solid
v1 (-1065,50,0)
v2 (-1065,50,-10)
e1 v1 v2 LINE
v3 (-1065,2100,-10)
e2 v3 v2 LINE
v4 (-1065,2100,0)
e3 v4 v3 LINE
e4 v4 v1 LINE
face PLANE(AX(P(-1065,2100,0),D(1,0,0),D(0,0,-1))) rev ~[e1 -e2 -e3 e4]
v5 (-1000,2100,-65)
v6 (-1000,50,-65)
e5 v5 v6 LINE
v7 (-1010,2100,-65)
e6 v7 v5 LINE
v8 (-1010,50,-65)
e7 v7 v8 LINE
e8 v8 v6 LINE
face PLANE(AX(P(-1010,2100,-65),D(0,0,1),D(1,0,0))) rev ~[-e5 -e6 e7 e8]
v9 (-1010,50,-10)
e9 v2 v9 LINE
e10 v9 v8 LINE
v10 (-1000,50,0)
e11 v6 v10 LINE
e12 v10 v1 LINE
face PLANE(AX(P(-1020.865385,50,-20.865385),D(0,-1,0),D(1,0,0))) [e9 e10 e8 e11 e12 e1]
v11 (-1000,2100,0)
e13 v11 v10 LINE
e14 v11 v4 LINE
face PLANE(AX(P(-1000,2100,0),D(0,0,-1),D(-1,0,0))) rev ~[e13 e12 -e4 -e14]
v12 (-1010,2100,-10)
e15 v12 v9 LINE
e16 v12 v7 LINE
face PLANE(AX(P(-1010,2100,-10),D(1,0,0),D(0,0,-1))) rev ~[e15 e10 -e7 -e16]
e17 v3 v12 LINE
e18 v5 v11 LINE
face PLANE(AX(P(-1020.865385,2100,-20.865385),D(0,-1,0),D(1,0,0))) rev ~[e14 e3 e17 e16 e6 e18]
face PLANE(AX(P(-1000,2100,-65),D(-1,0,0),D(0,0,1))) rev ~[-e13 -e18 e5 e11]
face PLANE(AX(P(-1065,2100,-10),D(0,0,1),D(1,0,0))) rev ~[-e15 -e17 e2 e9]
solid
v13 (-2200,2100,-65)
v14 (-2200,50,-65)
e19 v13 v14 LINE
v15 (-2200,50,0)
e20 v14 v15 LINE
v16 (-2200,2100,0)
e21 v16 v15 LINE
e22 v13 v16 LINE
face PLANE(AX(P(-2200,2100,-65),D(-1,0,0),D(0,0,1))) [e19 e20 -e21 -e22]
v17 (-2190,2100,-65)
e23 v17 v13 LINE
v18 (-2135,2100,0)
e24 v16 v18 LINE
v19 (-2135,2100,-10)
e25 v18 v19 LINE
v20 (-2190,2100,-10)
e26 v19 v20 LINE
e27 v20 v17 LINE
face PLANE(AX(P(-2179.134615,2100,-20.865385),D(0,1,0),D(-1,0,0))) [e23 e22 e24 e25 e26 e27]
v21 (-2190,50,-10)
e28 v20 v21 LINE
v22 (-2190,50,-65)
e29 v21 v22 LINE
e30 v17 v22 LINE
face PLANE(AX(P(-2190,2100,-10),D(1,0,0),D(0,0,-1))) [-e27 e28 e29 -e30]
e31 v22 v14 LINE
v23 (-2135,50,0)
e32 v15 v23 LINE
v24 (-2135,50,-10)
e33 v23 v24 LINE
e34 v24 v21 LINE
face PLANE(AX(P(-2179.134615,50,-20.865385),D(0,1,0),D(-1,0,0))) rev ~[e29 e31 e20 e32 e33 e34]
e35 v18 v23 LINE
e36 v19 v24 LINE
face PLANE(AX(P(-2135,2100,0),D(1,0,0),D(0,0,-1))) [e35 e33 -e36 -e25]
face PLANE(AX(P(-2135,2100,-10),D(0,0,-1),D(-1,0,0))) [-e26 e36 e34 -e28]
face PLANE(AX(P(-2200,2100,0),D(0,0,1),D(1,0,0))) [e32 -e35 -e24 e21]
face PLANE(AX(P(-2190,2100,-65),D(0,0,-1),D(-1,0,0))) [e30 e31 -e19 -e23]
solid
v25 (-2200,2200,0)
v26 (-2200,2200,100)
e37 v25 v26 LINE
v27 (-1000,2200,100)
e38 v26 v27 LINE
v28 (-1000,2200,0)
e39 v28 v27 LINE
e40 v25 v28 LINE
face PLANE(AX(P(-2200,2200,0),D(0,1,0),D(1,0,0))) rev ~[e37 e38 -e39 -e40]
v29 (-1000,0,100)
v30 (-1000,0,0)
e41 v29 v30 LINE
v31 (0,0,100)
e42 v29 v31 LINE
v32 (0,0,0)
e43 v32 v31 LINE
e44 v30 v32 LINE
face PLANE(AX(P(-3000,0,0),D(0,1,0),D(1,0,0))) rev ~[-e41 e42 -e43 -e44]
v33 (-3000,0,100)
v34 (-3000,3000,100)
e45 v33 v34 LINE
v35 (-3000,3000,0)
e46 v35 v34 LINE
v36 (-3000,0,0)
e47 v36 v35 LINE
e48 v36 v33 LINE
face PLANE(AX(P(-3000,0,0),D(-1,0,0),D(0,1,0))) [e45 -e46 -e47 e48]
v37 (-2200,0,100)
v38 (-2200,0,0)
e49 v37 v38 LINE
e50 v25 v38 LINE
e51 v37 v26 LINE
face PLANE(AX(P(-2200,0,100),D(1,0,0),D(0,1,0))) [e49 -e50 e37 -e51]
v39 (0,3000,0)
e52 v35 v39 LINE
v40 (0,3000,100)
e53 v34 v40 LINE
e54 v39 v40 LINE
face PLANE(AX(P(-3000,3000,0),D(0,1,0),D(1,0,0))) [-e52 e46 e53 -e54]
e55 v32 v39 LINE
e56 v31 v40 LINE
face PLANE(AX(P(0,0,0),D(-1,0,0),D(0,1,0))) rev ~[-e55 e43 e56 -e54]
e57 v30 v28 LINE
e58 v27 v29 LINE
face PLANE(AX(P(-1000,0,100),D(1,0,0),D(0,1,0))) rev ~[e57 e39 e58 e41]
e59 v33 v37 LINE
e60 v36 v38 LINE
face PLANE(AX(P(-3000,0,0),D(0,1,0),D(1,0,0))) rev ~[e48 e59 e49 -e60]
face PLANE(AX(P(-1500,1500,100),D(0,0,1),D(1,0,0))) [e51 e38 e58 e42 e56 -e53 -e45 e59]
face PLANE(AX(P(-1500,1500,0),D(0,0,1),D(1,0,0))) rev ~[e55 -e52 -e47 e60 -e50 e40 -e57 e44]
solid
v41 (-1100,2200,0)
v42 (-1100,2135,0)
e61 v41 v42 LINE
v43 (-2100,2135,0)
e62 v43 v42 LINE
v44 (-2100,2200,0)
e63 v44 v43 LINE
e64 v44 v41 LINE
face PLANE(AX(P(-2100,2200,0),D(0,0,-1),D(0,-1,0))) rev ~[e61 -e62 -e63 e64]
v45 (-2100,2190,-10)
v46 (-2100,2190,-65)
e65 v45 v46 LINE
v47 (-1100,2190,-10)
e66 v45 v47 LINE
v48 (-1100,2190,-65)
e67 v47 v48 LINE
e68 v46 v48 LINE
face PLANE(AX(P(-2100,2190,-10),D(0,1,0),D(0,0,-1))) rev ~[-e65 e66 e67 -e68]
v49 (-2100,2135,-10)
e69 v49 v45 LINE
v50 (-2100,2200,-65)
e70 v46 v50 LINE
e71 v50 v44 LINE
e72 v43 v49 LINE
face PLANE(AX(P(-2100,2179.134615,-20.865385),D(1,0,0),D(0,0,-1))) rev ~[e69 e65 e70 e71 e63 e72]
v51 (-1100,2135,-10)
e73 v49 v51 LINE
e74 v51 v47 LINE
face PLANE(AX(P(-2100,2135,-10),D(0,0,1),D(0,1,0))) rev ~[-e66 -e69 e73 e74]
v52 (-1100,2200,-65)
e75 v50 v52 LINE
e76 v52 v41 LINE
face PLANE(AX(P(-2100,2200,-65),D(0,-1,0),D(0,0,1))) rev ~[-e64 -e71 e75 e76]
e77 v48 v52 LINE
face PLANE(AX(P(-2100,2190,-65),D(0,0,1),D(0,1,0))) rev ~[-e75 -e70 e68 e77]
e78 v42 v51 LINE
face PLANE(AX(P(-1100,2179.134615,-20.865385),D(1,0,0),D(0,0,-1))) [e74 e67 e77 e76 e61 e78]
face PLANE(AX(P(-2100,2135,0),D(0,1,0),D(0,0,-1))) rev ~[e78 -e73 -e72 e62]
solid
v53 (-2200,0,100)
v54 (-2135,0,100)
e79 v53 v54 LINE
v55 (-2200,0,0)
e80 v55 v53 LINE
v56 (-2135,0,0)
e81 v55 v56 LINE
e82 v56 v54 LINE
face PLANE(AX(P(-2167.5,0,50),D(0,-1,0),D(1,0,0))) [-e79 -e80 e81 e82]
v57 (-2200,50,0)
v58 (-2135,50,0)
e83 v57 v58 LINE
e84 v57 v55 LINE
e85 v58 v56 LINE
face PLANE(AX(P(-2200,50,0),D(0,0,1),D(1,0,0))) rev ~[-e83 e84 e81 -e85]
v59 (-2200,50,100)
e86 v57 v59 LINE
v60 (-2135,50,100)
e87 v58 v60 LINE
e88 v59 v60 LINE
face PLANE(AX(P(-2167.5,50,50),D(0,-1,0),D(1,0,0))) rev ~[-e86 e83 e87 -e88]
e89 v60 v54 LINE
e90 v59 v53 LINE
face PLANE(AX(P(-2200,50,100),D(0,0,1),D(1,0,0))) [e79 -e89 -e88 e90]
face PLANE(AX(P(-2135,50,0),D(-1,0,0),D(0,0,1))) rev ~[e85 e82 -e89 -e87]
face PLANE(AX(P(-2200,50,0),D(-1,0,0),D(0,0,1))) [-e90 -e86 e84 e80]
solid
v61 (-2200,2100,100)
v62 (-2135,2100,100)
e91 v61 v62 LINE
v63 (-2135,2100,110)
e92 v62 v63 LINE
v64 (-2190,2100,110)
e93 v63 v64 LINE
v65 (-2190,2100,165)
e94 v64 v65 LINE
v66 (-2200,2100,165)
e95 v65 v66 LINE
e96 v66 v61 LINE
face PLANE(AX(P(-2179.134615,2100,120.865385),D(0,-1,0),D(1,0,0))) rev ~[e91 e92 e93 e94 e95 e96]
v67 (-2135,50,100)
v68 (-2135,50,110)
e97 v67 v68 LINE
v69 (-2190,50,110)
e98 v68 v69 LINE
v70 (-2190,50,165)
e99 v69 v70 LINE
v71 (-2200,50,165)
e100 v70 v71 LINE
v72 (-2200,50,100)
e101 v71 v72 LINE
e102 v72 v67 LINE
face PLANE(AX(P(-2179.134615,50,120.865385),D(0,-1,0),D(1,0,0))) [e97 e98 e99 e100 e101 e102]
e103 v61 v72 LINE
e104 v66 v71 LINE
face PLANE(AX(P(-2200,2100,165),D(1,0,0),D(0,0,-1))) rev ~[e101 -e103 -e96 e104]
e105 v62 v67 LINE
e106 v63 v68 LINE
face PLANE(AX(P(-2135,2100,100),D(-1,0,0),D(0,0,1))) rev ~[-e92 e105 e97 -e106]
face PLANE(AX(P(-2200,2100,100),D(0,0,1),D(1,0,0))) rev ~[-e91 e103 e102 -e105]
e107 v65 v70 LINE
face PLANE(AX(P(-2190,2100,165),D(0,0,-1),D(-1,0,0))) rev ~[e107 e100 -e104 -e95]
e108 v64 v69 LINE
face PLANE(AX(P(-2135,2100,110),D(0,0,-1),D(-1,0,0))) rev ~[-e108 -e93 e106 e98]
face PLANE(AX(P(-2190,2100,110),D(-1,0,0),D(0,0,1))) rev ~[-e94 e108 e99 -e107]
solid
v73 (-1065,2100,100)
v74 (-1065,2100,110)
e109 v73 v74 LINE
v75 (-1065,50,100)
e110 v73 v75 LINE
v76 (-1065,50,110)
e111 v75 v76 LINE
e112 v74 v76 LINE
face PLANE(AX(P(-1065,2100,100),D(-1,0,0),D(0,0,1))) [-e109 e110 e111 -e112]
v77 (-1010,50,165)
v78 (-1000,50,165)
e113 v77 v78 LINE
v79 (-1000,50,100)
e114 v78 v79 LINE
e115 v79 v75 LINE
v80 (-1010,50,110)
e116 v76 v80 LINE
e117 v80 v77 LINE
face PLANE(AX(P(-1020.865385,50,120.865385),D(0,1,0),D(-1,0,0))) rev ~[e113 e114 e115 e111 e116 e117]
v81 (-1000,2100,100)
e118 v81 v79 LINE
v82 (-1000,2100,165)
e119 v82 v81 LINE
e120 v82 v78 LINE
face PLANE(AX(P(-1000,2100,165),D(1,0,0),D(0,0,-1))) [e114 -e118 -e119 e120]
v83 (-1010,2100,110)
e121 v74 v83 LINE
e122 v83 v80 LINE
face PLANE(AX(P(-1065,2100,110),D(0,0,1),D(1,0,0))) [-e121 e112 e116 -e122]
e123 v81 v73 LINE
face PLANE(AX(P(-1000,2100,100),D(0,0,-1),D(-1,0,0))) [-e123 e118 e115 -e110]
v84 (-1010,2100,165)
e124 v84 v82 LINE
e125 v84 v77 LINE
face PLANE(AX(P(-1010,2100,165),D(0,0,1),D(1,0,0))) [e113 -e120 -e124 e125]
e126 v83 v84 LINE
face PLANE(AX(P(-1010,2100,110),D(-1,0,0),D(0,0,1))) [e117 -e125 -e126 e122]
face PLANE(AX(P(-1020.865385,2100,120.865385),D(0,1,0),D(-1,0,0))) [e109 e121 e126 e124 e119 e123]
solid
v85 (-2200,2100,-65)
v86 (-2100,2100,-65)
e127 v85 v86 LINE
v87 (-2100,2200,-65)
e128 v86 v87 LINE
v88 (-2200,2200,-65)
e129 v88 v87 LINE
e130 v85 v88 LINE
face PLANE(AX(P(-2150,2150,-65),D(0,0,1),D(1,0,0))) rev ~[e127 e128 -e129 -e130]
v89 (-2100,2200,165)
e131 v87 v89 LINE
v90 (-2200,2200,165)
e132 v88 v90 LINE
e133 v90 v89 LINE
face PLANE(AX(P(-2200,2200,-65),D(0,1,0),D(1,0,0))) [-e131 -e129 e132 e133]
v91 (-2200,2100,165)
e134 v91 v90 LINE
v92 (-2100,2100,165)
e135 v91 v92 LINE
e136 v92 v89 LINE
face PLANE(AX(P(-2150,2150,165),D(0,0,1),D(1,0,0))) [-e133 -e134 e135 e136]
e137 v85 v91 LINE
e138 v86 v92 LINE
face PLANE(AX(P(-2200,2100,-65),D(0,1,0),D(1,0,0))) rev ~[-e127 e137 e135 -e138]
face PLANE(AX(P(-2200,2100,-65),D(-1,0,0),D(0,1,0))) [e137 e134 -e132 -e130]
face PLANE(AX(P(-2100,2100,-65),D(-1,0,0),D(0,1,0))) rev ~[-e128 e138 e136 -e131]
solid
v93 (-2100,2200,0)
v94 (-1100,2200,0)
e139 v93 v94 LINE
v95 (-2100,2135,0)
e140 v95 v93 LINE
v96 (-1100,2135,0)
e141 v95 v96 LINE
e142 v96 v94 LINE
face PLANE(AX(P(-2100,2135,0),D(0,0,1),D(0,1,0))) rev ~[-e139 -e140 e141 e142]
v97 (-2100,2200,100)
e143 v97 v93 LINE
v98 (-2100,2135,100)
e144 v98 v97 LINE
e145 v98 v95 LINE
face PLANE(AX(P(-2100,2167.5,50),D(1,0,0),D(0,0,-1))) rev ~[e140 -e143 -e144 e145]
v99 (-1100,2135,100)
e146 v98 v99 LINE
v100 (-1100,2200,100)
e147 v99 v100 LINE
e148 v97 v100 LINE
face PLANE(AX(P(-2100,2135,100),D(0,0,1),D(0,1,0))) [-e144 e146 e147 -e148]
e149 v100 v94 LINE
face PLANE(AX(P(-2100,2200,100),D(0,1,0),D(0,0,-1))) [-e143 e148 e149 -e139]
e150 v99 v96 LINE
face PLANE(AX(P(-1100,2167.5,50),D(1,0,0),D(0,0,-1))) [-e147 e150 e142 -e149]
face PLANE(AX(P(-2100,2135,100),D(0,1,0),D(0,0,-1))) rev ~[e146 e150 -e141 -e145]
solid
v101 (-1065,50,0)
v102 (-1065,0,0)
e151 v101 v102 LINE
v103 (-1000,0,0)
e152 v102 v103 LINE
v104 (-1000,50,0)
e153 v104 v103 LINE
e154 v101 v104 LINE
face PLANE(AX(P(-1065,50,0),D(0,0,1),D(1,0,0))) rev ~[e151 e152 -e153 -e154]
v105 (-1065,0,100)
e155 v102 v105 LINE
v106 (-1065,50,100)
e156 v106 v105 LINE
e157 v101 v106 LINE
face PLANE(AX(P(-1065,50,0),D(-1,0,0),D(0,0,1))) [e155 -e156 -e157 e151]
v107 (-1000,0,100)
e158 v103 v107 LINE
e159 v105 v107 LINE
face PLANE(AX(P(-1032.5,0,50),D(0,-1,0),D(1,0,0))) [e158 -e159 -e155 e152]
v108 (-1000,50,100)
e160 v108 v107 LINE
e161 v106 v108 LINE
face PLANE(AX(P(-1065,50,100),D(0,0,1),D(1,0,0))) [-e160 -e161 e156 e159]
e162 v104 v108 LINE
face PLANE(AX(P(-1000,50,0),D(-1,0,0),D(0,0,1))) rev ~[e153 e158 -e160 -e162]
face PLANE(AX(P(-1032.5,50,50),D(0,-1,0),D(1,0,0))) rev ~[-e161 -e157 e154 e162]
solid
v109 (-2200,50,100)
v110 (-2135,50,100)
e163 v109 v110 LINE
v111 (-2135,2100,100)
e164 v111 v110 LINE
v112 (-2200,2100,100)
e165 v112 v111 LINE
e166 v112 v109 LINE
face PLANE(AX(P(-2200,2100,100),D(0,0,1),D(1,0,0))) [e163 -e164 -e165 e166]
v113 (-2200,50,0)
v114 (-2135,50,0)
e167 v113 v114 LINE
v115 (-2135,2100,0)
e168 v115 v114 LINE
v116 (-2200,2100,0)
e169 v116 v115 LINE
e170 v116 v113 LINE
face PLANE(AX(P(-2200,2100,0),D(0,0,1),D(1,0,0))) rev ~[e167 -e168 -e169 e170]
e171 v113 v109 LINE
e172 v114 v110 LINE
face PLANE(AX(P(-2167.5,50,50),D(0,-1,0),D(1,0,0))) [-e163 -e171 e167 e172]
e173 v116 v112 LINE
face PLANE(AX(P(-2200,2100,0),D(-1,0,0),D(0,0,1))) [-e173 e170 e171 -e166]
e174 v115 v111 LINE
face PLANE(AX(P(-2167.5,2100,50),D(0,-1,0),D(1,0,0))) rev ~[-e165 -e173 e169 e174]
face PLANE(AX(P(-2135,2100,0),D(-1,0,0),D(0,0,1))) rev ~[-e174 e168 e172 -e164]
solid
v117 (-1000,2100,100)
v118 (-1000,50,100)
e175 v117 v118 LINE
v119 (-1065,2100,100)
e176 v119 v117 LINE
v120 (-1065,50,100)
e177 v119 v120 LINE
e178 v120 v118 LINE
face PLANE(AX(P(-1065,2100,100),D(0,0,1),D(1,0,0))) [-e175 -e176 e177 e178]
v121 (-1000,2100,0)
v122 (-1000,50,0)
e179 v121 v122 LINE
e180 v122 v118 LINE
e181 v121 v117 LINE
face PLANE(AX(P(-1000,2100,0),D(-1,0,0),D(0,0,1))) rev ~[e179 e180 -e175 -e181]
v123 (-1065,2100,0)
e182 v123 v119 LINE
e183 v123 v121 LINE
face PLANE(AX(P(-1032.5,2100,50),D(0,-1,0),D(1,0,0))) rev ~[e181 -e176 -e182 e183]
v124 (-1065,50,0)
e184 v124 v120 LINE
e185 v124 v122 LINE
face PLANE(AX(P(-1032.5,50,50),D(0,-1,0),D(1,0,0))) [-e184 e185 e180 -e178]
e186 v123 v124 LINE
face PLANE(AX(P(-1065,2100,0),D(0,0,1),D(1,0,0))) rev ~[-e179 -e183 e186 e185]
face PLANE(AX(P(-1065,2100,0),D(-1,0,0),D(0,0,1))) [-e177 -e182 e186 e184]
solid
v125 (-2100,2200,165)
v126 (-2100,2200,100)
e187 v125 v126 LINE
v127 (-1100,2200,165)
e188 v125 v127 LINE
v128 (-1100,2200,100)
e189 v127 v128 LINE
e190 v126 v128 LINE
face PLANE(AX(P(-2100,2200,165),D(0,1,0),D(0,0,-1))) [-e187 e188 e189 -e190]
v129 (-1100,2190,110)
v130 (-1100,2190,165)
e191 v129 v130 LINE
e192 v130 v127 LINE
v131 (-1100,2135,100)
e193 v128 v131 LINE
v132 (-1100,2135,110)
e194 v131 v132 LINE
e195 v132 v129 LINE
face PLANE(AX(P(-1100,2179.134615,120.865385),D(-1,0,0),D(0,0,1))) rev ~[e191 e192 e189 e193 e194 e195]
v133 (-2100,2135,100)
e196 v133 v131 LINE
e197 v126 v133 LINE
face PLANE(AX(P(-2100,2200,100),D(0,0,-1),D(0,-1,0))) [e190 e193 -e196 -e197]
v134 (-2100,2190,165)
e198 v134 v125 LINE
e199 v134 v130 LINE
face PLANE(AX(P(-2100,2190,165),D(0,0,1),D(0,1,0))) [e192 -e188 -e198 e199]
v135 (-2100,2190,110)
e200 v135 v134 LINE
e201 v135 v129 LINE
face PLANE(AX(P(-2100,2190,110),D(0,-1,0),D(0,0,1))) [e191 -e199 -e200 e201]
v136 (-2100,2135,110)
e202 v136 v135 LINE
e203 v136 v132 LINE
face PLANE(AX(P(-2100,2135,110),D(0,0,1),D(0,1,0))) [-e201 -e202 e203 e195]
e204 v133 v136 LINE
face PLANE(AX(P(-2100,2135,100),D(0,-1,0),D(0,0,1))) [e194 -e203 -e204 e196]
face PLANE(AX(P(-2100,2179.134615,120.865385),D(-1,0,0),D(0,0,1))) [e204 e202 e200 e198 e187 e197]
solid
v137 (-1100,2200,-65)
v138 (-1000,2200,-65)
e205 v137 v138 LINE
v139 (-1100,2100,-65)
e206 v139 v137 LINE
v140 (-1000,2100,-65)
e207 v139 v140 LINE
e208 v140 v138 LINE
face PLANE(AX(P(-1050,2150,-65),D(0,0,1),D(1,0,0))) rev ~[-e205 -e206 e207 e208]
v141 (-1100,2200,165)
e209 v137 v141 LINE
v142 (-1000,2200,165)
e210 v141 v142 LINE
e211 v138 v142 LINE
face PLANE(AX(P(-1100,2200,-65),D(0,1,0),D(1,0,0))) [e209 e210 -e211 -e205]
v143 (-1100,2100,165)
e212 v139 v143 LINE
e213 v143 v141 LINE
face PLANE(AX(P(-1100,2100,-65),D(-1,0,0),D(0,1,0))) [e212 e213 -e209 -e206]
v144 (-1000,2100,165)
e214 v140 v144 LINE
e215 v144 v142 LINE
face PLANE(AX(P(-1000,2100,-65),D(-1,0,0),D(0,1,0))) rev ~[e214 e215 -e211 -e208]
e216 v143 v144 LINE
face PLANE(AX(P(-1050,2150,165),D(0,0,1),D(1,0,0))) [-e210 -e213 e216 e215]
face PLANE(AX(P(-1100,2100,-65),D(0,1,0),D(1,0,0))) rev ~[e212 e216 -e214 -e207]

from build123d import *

# Parameters (mm, degrees)
SKETCH1_W                   = 3000
SKETCH1_H                   = 3000
SKETCH1_W_2                 = 1200
SKETCH1_H_2                 = 900
BOSS_EXTRUDE1_DEPTH         = 100
BOSS_EXTRUDE19_DEPTH        = 65
BOSS_EXTRUDE19_DEPTH_BACK   = 165
SKETCH19_W                  = 100
SKETCH19_H                  = 100
BOSS_EXTRUDE19_2_DEPTH      = 65
BOSS_EXTRUDE19_2_DEPTH_BACK = 165
BOSS_EXTRUDE22_DEPTH        = 2050
BOSS_EXTRUDE22_2_DEPTH      = 2050
BOSS_EXTRUDE22_3_DEPTH      = 2050
BOSS_EXTRUDE22_4_DEPTH      = 2050
BOSS_EXTRUDE24_DEPTH        = 1000
BOSS_EXTRUDE24_2_DEPTH      = 1000
SKETCH23_W                  = 65
SKETCH23_H                  = 100
BOSS_EXTRUDE25_DEPTH        = 2050
BOSS_EXTRUDE25_2_DEPTH      = 2050
SKETCH24_W                  = 1200
SKETCH24_H                  = 1300
CUT_EXTRUDE1_DEPTH          = 4246.847971843
SKETCH25_W                  = 65
SKETCH25_H                  = 100
BOSS_EXTRUDE26_DEPTH        = 50
BOSS_EXTRUDE26_2_DEPTH      = 50
SKETCH26_W                  = 100
SKETCH26_H                  = 65
BOSS_EXTRUDE27_DEPTH        = 1000


with BuildPart() as part:
    # Sketch1 → Boss-Extrude1 (new body)
    with BuildSketch(Plane.XY):
        with Locations((-1500, 1500)):
            Rectangle(SKETCH1_W, SKETCH1_H)
        with Locations((-1600, 1750)):
            Rectangle(SKETCH1_W_2, SKETCH1_H_2, mode=Mode.SUBTRACT)
    extrude(amount=BOSS_EXTRUDE1_DEPTH)

    # Sketch24 → Cut-Extrude1 (cut, through all)
    with BuildSketch(Plane.XY.offset(100)):
        with Locations((-1600, 650)):
            Rectangle(SKETCH24_W, SKETCH24_H)
    extrude(amount=-CUT_EXTRUDE1_DEPTH, mode=Mode.SUBTRACT)


with BuildPart() as body_2:
    # Sketch19 → Boss-Extrude19 (new, two sides: drawn at the far end of the back side and taken through both)
    with BuildSketch(Plane.XY.offset(100).offset(-BOSS_EXTRUDE19_DEPTH_BACK)):
        with Locations((-2150, 2150)):
            Rectangle(SKETCH19_W, SKETCH19_H)
    extrude(amount=BOSS_EXTRUDE19_DEPTH + BOSS_EXTRUDE19_DEPTH_BACK)


with BuildPart() as body_3:
    # Sketch19 → Boss-Extrude19 2 (new, two sides: drawn at the far end of the back side and taken through both)
    with BuildSketch(Plane.XY.offset(100).offset(-BOSS_EXTRUDE19_2_DEPTH_BACK)):
        with Locations((-1050, 2150)):
            Rectangle(SKETCH19_W, SKETCH19_H)
    extrude(amount=BOSS_EXTRUDE19_2_DEPTH + BOSS_EXTRUDE19_2_DEPTH_BACK)


with BuildPart() as body_4:
    # Sketch22 → Boss-Extrude22 (new body)
    with BuildSketch(Plane.XZ.offset(-2100)):
        Polygon((-1000, 100), (-1065, 100), (-1065, 110), (-1010, 110), (-1010, 165), (-1000, 165), align=None)
    extrude(amount=BOSS_EXTRUDE22_DEPTH)


with BuildPart() as body_5:
    # Sketch22 → Boss-Extrude22 2 (new body)
    with BuildSketch(Plane.XZ.offset(-2100)):
        Polygon((-2200, 165), (-2200, 100), (-2135, 100), (-2135, 110), (-2190, 110), (-2190, 165), align=None)
    extrude(amount=BOSS_EXTRUDE22_2_DEPTH)


with BuildPart() as body_6:
    # Sketch22 → Boss-Extrude22 3 (new body)
    with BuildSketch(Plane.XZ.offset(-2100)):
        Polygon((-2200, 0), (-2135, 0), (-2135, -10), (-2190, -10), (-2190, -65), (-2200, -65), align=None)
    extrude(amount=BOSS_EXTRUDE22_3_DEPTH)


with BuildPart() as body_7:
    # Sketch22 → Boss-Extrude22 4 (new body)
    with BuildSketch(Plane.XZ.offset(-2100)):
        Polygon((-1000, -65), (-1000, 0), (-1065, 0), (-1065, -10), (-1010, -10), (-1010, -65), align=None)
    extrude(amount=BOSS_EXTRUDE22_4_DEPTH)


with BuildPart() as body_8:
    # Sketch21 → Boss-Extrude24 (new body)
    with BuildSketch(Plane(origin=(-2100, 0, 0), x_dir=(0, 0, -1), z_dir=(1, 0, 0))):
        Polygon((65, 2200), (0, 2200), (0, 2135), (10, 2135), (10, 2190), (65, 2190), align=None)
    extrude(amount=BOSS_EXTRUDE24_DEPTH)


with BuildPart() as body_9:
    # Sketch21 → Boss-Extrude24 2 (new body)
    with BuildSketch(Plane(origin=(-2100, 0, 0), x_dir=(0, 0, -1), z_dir=(1, 0, 0))):
        Polygon((-165, 2200), (-100, 2200), (-100, 2135), (-110, 2135), (-110, 2190), (-165, 2190), align=None)
    extrude(amount=BOSS_EXTRUDE24_2_DEPTH)


with BuildPart() as body_10:
    # Sketch23 → Boss-Extrude25 (new body)
    with BuildSketch(Plane(origin=(0, 2100, 300), x_dir=(1, 0, 0), z_dir=(0, -1, 0))):
        with Locations((-1032.5, -250)):
            Rectangle(SKETCH23_W, SKETCH23_H)
    extrude(amount=BOSS_EXTRUDE25_DEPTH)


with BuildPart() as body_11:
    # Sketch23 → Boss-Extrude25 2 (new body)
    with BuildSketch(Plane(origin=(0, 2100, 300), x_dir=(1, 0, 0), z_dir=(0, -1, 0))):
        with Locations((-2167.5, -250)):
            Rectangle(SKETCH23_W, SKETCH23_H)
    extrude(amount=BOSS_EXTRUDE25_2_DEPTH)


with BuildPart() as body_12:
    # Sketch25 → Boss-Extrude26 (new body)
    with BuildSketch(Plane.XZ.offset(-50)):
        with Locations((-1032.5, 50)):
            Rectangle(SKETCH25_W, SKETCH25_H)
    extrude(amount=BOSS_EXTRUDE26_DEPTH)


with BuildPart() as body_13:
    # Sketch25 → Boss-Extrude26 2 (new body)
    with BuildSketch(Plane.XZ.offset(-50)):
        with Locations((-2167.5, 50)):
            Rectangle(SKETCH25_W, SKETCH25_H)
    extrude(amount=BOSS_EXTRUDE26_2_DEPTH)


with BuildPart() as body_14:
    # Sketch26 → Boss-Extrude27 (new body)
    with BuildSketch(Plane(origin=(-2100, 0, 0), x_dir=(0, 0, -1), z_dir=(1, 0, 0))):
        with Locations((-50, 2167.5)):
            Rectangle(SKETCH26_W, SKETCH26_H)
    extrude(amount=BOSS_EXTRUDE27_DEPTH)


solid = Compound([part.part, body_2.part, body_3.part, body_4.part, body_5.part, body_6.part, body_7.part, body_8.part, body_9.part, body_10.part, body_11.part, body_12.part, body_13.part, body_14.part])
